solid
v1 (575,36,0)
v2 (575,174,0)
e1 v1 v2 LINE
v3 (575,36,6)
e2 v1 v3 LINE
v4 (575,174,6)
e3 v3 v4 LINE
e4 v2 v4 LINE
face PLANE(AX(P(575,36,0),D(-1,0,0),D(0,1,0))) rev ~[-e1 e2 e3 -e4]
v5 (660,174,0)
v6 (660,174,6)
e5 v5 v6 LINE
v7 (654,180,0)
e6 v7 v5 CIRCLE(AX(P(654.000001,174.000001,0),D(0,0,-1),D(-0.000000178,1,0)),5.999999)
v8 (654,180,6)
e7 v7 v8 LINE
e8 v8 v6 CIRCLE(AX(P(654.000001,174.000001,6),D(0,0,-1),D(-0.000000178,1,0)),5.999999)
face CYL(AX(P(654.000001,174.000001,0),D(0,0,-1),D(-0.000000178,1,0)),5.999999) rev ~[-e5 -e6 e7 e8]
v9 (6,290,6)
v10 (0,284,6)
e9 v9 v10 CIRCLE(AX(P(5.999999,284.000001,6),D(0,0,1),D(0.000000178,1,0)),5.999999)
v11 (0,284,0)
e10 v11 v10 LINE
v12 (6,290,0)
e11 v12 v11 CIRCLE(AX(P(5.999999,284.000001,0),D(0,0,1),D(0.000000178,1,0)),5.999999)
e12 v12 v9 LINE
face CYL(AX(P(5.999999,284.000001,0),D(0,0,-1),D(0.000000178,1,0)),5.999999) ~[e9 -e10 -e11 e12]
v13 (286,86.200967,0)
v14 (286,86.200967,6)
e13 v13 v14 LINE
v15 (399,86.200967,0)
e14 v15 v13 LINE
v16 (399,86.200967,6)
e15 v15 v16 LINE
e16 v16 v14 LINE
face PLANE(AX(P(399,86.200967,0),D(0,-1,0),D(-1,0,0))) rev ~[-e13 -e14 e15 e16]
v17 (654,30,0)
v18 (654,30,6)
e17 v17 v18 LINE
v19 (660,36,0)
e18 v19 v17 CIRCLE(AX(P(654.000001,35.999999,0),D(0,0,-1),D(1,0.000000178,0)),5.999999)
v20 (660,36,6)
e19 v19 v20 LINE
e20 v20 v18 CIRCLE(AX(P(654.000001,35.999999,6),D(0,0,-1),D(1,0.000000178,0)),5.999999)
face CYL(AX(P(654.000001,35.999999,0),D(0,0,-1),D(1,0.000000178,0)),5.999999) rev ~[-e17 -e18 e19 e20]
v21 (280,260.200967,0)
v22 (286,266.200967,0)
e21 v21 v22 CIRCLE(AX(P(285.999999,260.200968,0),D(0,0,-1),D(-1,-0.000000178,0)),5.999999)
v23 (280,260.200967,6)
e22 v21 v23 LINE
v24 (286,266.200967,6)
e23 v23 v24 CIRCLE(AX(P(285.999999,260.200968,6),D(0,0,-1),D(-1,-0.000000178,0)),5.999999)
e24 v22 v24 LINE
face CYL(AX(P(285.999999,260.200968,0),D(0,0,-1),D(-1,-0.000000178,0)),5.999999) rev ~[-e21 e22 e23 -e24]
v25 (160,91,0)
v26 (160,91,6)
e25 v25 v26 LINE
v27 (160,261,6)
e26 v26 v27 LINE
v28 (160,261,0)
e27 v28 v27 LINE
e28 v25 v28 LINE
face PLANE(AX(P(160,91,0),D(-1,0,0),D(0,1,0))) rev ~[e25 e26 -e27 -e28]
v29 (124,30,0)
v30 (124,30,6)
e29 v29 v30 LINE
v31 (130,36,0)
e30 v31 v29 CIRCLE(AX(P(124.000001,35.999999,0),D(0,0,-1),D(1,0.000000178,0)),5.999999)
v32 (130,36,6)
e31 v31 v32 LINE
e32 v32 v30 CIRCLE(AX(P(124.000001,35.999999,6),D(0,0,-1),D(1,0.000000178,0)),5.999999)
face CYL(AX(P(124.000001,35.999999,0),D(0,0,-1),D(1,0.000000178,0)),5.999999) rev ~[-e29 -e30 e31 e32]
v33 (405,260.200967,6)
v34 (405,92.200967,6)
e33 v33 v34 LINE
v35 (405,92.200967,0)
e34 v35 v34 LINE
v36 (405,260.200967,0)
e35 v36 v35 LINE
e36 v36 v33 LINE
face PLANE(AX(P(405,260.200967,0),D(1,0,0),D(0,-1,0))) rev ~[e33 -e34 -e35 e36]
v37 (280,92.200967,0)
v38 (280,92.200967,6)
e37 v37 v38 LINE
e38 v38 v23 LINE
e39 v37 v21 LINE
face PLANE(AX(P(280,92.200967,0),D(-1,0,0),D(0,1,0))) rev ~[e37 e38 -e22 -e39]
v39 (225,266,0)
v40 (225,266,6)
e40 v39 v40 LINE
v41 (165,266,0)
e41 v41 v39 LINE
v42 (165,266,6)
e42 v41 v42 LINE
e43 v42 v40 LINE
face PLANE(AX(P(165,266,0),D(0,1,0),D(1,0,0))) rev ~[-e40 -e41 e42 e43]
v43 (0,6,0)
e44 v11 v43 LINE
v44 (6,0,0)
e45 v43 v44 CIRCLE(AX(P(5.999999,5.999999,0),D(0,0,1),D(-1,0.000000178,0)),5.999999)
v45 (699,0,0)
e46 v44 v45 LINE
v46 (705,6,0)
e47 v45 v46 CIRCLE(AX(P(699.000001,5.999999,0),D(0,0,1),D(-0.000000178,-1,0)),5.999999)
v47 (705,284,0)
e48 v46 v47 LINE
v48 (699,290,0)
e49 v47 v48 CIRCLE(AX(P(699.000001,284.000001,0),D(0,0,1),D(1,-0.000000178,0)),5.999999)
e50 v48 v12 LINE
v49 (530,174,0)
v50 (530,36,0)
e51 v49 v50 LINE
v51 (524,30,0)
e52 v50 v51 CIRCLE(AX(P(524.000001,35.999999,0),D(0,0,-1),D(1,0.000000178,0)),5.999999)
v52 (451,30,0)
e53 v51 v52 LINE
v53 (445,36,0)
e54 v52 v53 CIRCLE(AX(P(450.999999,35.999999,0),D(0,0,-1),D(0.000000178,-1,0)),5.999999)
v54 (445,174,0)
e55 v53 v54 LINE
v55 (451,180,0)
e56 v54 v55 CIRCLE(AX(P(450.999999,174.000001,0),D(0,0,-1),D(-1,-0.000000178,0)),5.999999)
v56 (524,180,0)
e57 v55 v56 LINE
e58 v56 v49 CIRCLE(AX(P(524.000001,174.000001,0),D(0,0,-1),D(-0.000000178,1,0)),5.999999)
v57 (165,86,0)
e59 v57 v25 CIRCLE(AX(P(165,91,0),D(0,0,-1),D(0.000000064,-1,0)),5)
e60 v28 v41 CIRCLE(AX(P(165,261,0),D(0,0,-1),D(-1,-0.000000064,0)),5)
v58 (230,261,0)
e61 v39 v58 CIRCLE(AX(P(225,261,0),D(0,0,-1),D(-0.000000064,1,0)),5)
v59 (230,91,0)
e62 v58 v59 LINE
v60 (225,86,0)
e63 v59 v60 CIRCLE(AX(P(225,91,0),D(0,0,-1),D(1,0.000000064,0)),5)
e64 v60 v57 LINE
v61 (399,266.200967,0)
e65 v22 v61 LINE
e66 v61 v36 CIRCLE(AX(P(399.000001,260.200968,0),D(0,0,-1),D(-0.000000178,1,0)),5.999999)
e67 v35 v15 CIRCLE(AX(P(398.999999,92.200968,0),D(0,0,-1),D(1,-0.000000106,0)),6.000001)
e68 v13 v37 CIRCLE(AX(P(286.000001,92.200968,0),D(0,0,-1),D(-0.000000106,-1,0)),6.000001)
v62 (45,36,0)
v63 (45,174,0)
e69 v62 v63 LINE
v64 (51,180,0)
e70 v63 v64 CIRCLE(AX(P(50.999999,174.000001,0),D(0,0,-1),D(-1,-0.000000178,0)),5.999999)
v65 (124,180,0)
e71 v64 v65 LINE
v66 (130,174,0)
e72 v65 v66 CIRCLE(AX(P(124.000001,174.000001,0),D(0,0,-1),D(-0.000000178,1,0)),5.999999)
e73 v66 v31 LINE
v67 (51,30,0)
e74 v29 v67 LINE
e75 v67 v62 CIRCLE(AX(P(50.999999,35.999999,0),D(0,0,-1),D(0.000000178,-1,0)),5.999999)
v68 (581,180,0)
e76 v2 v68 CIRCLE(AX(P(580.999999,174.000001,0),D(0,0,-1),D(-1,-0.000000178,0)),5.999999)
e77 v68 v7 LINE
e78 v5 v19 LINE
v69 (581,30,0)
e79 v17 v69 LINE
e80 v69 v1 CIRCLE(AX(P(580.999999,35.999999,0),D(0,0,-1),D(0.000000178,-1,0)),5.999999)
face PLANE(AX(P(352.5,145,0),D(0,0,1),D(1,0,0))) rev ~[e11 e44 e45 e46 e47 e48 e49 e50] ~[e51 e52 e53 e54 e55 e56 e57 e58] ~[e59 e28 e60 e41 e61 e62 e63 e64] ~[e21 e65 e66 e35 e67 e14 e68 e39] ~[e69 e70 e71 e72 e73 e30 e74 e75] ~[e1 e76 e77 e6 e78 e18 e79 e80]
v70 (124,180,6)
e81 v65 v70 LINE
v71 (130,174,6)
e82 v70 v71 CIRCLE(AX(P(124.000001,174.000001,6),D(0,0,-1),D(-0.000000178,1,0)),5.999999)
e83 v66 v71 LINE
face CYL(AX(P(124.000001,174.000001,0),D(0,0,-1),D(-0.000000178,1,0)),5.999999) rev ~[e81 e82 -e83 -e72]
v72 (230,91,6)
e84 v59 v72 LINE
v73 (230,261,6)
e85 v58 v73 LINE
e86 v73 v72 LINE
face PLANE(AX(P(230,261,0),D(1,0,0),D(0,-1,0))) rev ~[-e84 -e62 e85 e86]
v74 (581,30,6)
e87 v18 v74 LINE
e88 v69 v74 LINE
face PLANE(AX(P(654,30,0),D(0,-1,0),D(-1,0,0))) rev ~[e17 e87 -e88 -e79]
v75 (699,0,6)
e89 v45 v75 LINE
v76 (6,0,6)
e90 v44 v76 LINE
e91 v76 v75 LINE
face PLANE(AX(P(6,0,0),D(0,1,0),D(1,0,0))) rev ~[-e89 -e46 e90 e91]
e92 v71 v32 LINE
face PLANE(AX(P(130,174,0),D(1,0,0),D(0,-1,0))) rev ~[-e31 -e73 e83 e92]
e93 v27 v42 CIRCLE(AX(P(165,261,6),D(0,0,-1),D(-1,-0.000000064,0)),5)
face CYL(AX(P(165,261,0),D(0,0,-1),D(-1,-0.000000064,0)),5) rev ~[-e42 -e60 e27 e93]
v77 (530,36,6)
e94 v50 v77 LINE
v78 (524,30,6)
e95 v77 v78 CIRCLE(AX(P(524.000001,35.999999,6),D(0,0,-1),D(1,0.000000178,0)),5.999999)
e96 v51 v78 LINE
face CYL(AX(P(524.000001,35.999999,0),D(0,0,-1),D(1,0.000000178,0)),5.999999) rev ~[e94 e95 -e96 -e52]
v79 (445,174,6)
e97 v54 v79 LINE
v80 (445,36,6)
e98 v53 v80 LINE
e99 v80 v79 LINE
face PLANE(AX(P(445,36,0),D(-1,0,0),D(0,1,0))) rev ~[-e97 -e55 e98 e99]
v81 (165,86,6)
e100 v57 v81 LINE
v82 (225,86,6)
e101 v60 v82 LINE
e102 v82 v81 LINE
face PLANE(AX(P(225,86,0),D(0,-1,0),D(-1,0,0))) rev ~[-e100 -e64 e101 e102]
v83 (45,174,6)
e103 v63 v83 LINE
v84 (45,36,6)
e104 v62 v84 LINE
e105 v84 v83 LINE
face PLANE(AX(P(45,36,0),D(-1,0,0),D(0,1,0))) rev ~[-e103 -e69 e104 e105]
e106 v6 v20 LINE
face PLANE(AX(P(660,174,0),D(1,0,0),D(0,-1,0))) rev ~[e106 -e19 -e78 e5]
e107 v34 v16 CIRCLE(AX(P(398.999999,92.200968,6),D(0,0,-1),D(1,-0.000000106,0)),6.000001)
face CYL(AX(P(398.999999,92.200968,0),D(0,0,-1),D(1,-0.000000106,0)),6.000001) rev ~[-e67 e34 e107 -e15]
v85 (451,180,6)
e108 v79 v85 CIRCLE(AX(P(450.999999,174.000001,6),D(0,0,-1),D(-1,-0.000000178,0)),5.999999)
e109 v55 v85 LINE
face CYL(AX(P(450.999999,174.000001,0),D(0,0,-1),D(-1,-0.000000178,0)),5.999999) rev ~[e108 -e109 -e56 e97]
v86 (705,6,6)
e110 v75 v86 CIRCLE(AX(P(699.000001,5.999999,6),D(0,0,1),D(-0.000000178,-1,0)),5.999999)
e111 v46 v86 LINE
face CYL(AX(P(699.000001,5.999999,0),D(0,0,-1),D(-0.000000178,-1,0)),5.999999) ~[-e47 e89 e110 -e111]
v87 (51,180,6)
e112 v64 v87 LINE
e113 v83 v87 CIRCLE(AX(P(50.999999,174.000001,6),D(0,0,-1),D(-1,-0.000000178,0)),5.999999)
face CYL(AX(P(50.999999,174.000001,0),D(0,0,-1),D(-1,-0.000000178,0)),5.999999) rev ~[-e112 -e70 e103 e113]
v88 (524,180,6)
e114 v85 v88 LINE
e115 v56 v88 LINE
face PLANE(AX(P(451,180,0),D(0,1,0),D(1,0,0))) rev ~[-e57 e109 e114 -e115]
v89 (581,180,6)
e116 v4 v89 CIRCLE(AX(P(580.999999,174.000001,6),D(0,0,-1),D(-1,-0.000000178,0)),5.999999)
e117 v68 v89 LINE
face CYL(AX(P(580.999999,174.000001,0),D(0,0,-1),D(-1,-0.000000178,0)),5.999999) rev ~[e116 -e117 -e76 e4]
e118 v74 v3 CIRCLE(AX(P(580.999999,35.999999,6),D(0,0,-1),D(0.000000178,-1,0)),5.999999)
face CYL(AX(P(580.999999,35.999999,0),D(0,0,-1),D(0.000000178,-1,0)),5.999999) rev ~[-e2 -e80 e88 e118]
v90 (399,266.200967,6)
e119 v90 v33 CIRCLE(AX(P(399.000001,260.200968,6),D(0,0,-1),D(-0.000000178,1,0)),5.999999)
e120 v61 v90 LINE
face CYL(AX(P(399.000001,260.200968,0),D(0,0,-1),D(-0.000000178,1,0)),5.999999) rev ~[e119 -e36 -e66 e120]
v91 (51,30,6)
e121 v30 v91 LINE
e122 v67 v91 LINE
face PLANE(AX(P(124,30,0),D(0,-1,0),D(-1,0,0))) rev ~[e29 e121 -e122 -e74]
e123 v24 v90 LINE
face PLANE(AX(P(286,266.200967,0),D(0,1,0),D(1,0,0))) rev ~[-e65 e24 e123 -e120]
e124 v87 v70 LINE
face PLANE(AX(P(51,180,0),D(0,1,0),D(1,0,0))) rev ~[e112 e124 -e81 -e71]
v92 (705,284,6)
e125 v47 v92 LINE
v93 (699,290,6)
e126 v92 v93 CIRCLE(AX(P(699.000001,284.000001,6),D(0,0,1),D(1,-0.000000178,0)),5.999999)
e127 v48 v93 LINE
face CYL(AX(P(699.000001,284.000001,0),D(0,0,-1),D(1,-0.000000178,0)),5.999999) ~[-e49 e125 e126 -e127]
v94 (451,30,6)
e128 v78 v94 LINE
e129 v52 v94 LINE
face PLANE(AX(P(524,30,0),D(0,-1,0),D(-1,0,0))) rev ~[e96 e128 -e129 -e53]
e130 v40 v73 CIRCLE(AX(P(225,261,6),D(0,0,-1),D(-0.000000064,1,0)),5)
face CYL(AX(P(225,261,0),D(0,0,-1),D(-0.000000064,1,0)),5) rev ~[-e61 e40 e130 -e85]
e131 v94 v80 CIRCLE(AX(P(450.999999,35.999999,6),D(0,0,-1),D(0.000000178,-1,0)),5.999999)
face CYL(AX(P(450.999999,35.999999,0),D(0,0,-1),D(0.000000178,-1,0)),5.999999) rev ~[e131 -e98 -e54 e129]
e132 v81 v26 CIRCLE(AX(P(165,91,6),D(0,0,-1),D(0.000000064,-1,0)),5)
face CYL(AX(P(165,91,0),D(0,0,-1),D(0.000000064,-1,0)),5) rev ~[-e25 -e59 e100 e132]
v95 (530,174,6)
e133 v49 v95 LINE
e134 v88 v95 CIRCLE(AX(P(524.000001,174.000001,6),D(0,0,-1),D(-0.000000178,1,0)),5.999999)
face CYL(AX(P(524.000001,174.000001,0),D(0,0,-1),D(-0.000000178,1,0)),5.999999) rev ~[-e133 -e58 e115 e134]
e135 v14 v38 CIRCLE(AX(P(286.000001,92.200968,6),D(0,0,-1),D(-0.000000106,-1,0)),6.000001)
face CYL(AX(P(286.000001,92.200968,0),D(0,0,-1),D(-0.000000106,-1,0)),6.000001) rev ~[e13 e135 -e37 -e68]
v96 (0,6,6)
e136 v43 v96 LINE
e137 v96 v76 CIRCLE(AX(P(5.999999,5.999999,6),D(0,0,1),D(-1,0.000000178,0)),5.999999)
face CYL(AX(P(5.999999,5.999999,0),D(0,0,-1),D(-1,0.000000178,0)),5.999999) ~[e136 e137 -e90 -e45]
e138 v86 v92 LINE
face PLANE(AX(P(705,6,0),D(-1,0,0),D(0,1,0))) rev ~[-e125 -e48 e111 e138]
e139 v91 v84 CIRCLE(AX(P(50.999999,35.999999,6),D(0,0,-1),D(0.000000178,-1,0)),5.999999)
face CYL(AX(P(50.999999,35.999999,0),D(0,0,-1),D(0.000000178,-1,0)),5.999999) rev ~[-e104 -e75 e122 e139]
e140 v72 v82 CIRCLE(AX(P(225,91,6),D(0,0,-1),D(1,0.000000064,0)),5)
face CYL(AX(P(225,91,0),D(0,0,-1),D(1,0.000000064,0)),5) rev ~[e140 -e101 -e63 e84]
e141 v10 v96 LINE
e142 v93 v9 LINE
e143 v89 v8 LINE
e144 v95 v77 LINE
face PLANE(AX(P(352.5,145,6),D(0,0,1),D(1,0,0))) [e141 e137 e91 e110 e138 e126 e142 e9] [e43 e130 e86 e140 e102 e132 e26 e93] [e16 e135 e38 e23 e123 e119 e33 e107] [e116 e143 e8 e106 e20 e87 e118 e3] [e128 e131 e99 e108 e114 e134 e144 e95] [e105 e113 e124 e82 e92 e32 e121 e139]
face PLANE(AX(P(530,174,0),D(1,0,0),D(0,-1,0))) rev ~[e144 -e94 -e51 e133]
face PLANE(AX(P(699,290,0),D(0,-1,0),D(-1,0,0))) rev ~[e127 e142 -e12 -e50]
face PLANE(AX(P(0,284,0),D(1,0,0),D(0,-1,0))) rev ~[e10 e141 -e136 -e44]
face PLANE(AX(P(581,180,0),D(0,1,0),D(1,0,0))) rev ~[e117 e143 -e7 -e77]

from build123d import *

# Parameters (mm, degrees)
F1_DEPTH = 6


with BuildPart() as f1:
    # F0 (on Top) → F1 (new body)
    with BuildSketch(Plane.XY):
        with BuildLine():
            Line((0, 284), (0, 6))
            ThreePointArc((0, 6), (1.757359, 1.757359), (6, 0))
            Line((6, 0), (699, 0))
            ThreePointArc((699, 0), (703.242641, 1.757359), (705, 6))
            Line((705, 6), (705, 284))
            ThreePointArc((705, 284), (703.242641, 288.242641), (699, 290))
            Line((699, 290), (6, 290))
            ThreePointArc((6, 290), (1.757359, 288.242641), (0, 284))
        make_face()
        with BuildLine():
            Line((130, 101.494274), (130, 36))
            ThreePointArc((130, 36), (128.242641, 31.757359), (124, 30))
            Line((124, 30), (51, 30))
            ThreePointArc((51, 30), (46.757359, 31.757359), (45, 36))
            Line((45, 36), (45, 174))
            ThreePointArc((45, 174), (46.757359, 178.242641), (51, 180))
            Line((51, 180), (124, 180))
            ThreePointArc((124, 180), (128.242641, 178.242641), (130, 174))
            Line((130, 174), (130, 101.494274))
        make_face(mode=Mode.SUBTRACT)
        with BuildLine():
            ThreePointArc((445, 174), (446.757359, 178.242641), (451, 180))
            Line((451, 180), (524, 180))
            ThreePointArc((524, 180), (528.242641, 178.242641), (530, 174))
            Line((530, 174), (530, 36))
            ThreePointArc((530, 36), (528.242641, 31.757359), (524, 30))
            Line((524, 30), (451, 30))
            ThreePointArc((451, 30), (446.757359, 31.757359), (445, 36))
            Line((445, 36), (445, 174))
        make_face(mode=Mode.SUBTRACT)
        with BuildLine():
            ThreePointArc((575, 174), (576.757359, 178.242641), (581, 180))
            Line((581, 180), (654, 180))
            ThreePointArc((654, 180), (658.242641, 178.242641), (660, 174))
            Line((660, 174), (660, 36))
            ThreePointArc((660, 36), (658.242641, 31.757359), (654, 30))
            Line((654, 30), (581, 30))
            ThreePointArc((581, 30), (576.757359, 31.757359), (575, 36))
            Line((575, 36), (575, 174))
        make_face(mode=Mode.SUBTRACT)
        with BuildLine():
            ThreePointArc((160, 261), (161.464466, 264.535534), (165, 266))
            Line((165, 266), (225, 266))
            ThreePointArc((225, 266), (228.535534, 264.535534), (230, 261))
            Line((230, 261), (230, 91))
            ThreePointArc((230, 91), (228.535534, 87.464466), (225, 86))
            Line((225, 86), (165, 86))
            ThreePointArc((165, 86), (161.464466, 87.464466), (160, 91))
            Line((160, 91), (160, 261))
        make_face(mode=Mode.SUBTRACT)
        with BuildLine():
            ThreePointArc((280, 260.200967), (281.757359, 264.443608), (286, 266.200967))
            Line((286, 266.200967), (399, 266.200967))
            ThreePointArc((399, 266.200967), (403.242641, 264.443608), (405, 260.200967))
            Line((405, 260.200967), (405, 92.200967))
            ThreePointArc((405, 92.200967), (403.242641, 87.958327), (399, 86.200967))
            Line((399, 86.200967), (286, 86.200967))
            ThreePointArc((286, 86.200967), (281.757359, 87.958327), (280, 92.200967))
            Line((280, 92.200967), (280, 260.200967))
        make_face(mode=Mode.SUBTRACT)
    extrude(amount=F1_DEPTH)


solid = f1.part
